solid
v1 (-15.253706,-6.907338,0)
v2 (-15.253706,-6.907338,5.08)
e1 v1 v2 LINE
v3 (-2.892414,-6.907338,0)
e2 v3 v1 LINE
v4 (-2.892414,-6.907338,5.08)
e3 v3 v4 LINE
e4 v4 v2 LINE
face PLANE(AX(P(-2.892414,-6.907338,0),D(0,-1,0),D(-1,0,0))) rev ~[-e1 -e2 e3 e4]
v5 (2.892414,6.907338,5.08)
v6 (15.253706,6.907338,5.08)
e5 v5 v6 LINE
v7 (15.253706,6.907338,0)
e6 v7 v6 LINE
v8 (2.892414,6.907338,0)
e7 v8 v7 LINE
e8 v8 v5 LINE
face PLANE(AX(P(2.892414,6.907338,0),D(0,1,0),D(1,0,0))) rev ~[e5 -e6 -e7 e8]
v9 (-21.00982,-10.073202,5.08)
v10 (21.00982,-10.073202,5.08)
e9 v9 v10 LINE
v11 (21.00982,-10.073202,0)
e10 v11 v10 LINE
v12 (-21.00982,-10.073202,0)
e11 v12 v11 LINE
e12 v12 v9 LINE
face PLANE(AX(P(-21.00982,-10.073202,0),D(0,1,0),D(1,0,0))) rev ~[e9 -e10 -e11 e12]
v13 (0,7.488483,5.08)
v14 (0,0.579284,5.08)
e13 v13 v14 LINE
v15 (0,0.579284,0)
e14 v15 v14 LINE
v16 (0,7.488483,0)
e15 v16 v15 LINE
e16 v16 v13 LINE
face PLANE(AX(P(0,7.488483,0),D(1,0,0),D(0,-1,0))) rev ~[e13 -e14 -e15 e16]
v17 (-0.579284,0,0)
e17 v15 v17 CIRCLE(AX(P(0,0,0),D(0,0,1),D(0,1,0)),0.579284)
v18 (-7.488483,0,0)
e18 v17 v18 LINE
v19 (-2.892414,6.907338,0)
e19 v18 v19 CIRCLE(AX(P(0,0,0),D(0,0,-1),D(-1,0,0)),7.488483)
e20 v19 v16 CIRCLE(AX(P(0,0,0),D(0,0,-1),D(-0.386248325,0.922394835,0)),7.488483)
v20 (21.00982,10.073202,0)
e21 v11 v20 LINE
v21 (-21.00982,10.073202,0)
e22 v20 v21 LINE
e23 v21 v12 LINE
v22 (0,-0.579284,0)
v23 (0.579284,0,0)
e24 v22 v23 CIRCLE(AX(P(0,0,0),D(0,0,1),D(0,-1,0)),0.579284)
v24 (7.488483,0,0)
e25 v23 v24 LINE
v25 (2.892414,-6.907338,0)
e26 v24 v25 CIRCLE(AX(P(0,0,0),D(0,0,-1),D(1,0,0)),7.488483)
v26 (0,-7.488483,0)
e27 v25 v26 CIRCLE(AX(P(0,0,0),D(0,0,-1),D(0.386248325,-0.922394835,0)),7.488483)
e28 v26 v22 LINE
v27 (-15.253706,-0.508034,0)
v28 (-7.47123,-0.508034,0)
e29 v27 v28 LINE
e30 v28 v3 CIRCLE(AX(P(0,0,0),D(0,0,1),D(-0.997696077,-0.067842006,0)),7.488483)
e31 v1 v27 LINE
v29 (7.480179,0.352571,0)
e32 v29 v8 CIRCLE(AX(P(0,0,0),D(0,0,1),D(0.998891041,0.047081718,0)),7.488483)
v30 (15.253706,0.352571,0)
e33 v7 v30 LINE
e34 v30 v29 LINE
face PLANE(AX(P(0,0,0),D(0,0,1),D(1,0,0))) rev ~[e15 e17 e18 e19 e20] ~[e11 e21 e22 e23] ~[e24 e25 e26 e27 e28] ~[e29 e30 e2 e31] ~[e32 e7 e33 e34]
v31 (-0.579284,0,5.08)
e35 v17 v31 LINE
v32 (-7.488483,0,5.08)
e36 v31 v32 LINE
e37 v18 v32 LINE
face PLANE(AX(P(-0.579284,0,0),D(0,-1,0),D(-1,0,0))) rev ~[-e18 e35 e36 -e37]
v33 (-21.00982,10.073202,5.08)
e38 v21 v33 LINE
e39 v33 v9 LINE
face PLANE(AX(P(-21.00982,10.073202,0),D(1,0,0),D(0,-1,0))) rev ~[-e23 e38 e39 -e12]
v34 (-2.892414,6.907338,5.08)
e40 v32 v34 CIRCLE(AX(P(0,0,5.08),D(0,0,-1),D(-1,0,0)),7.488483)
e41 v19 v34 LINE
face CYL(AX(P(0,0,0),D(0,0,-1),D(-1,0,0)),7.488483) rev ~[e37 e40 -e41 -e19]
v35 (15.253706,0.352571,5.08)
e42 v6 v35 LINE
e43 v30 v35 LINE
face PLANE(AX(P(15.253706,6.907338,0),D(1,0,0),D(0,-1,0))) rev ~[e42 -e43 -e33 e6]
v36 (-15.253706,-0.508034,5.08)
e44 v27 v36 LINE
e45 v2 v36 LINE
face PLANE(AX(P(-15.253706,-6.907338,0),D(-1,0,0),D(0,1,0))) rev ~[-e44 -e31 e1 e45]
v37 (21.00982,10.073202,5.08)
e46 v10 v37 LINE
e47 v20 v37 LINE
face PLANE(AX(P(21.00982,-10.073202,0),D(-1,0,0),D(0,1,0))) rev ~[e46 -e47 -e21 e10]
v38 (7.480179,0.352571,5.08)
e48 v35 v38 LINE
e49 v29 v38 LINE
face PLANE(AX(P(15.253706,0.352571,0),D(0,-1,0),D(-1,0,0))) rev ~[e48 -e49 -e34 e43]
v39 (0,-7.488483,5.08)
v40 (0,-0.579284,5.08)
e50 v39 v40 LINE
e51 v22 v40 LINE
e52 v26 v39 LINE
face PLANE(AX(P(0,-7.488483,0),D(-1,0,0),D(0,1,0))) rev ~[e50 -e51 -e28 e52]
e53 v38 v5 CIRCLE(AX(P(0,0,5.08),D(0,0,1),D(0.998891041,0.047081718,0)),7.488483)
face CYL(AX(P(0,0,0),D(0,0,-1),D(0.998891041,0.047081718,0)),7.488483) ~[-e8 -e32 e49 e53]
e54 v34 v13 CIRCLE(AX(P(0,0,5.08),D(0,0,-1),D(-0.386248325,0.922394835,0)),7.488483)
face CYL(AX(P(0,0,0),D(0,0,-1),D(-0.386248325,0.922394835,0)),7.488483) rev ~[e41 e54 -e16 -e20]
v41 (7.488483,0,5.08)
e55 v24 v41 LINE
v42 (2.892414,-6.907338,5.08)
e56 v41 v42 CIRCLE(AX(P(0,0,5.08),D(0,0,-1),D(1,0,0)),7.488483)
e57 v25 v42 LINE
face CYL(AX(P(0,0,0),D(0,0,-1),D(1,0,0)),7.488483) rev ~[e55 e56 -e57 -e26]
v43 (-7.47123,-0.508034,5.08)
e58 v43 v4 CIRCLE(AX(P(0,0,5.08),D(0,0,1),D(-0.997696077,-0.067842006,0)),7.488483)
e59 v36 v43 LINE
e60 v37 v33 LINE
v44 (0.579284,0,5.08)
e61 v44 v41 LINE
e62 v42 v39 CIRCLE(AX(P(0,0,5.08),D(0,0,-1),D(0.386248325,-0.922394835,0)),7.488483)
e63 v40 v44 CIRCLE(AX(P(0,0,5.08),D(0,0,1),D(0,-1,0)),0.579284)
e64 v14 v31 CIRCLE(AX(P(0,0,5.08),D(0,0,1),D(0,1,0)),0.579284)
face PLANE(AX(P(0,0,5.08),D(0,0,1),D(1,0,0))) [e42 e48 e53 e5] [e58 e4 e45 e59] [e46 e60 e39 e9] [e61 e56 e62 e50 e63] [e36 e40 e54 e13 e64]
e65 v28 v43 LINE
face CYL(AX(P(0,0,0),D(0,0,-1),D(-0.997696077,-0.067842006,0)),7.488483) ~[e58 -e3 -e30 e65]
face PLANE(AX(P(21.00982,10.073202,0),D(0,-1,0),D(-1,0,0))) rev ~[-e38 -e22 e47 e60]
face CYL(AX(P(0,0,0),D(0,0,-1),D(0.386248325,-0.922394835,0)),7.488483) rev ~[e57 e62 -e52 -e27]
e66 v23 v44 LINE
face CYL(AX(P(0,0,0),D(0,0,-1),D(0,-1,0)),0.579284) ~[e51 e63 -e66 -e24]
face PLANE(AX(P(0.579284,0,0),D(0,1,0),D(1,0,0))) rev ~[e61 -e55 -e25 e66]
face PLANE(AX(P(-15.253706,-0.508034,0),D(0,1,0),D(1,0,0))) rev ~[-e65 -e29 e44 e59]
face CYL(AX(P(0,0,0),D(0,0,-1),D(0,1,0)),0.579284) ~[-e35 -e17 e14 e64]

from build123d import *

# Parameters (mm, degrees)
F1_DEPTH = 5.08


with BuildPart() as f1:
    # F0 (on Top) → F1 (new body)
    with BuildSketch(Plane.XY):
        Polygon((21.0098195821, 10.0732017308), (0, 10.0732017308), (-21.0098195821, 10.0732017308), (-21.0098195821, 0), (-21.0098195821, -10.0732017308), (0, -10.0732017308), (21.0098195821, -10.0732017308), (21.0098195821, 0), align=None)
        with BuildLine():
            Line((15.2537059039, -6.9073382765), (2.8924141151, -6.9073382765))
            ThreePointArc((2.8924141151, -6.9073382765), (1.4751092249, -7.3417596157), (0, -7.4884832563))
            ThreePointArc((0, -7.4884832563), (-1.4751092249, -7.3417596157), (-2.8924141151, -6.9073382765))
            Line((-2.8924141151, -6.9073382765), (-15.2537059039, -6.9073382765))
            Line((-15.2537059039, -6.9073382765), (-15.2537059039, -0.5080337272))
            Line((-15.2537059039, -0.5080337272), (-15.2537059039, 0))
            Line((-15.2537059039, 0), (-15.2537059039, 6.9073382765))
            Line((-15.2537059039, 6.9073382765), (-2.8924141151, 6.9073382765))
            ThreePointArc((-2.8924141151, 6.9073382765), (-1.4751092249, 7.3417596157), (0, 7.4884832563))
            ThreePointArc((0, 7.4884832563), (1.4751092249, 7.3417596157), (2.8924141151, 6.9073382765))
            Line((2.8924141151, 6.9073382765), (15.2537059039, 6.9073382765))
            Line((15.2537059039, 6.9073382765), (15.2537059039, 0.3525706587))
            Line((15.2537059039, 0.3525706587), (15.2537059039, 0))
            Line((15.2537059039, 0), (15.2537059039, -6.9073382765))
        make_face(mode=Mode.SUBTRACT)
        with BuildLine():
            ThreePointArc((-7.4884832563, 0), (-6.234467746, 4.1483482742), (-2.8924141151, 6.9073382765))
            Line((-2.8924141151, 6.9073382765), (-15.2537059039, 6.9073382765))
            Line((-15.2537059039, 6.9073382765), (-15.2537059039, 0))
            Line((-15.2537059039, 0), (-15.2537059039, -0.5080337272))
            Line((-15.2537059039, -0.5080337272), (-7.471230368, -0.5080337272))
            ThreePointArc((-7.471230368, -0.5080337272), (-7.4841687913, -0.2541632989), (-7.4884832563, 0))
        make_face()
        with BuildLine():
            ThreePointArc((7.4801788354, 0.3525706587), (7.4864068632, 0.176334223), (7.4884832563, 0))
            ThreePointArc((7.4884832563, 0), (6.234467746, -4.1483482742), (2.8924141151, -6.9073382765))
            Line((2.8924141151, -6.9073382765), (15.2537059039, -6.9073382765))
            Line((15.2537059039, -6.9073382765), (15.2537059039, 0))
            Line((15.2537059039, 0), (15.2537059039, 0.3525706587))
            Line((15.2537059039, 0.3525706587), (7.4801788354, 0.3525706587))
        make_face()
        with BuildLine():
            ThreePointArc((-2.8924141151, -6.9073382765), (-1.4751092249, -7.3417596157), (0, -7.4884832563))
            Line((0, -7.4884832563), (0, -0.5792839078))
            ThreePointArc((0, -0.5792839078), (-0.4096155795, -0.4096155795), (-0.5792839078, 0))
            Line((-0.5792839078, 0), (-7.4884832563, 0))
            ThreePointArc((-7.4884832563, 0), (-7.4841687913, -0.2541632989), (-7.471230368, -0.5080337272))
            ThreePointArc((-7.471230368, -0.5080337272), (-6.0900785235, -4.35755953), (-2.8924141151, -6.9073382765))
        make_face()
        with BuildLine():
            Line((0.5792839078, 0), (7.4884832563, 0))
            ThreePointArc((7.4884832563, 0), (7.4864068632, 0.176334223), (7.4801788354, 0.3525706587))
            ThreePointArc((7.4801788354, 0.3525706587), (6.1350562964, 4.2940034605), (2.8924141151, 6.9073382765))
            ThreePointArc((2.8924141151, 6.9073382765), (1.4751092249, 7.3417596157), (0, 7.4884832563))
            Line((0, 7.4884832563), (0, 0.5792839078))
            ThreePointArc((0, 0.5792839078), (0.4096155795, 0.4096155795), (0.5792839078, 0))
        make_face()
        with BuildLine():
            Line((-0.5792839078, 0), (0, 0))
            Line((0, 0), (0, 0.5792839078))
            ThreePointArc((0, 0.5792839078), (-0.4096155795, 0.4096155795), (-0.5792839078, 0))
        make_face()
        with BuildLine():
            Line((0, 0), (0.5792839078, 0))
            ThreePointArc((0.5792839078, 0), (0.4096155795, 0.4096155795), (0, 0.5792839078))
            Line((0, 0.5792839078), (0, 0))
        make_face()
        with BuildLine():
            ThreePointArc((0, -0.5792839078), (0.4096155795, -0.4096155795), (0.5792839078, 0))
            Line((0.5792839078, 0), (0, 0))
            Line((0, 0), (0, -0.5792839078))
        make_face()
        with BuildLine():
            Line((0, -0.5792839078), (0, 0))
            Line((0, 0), (-0.5792839078, 0))
            ThreePointArc((-0.5792839078, 0), (-0.4096155795, -0.4096155795), (0, -0.5792839078))
        make_face()
    extrude(amount=F1_DEPTH)


solid = f1.part
